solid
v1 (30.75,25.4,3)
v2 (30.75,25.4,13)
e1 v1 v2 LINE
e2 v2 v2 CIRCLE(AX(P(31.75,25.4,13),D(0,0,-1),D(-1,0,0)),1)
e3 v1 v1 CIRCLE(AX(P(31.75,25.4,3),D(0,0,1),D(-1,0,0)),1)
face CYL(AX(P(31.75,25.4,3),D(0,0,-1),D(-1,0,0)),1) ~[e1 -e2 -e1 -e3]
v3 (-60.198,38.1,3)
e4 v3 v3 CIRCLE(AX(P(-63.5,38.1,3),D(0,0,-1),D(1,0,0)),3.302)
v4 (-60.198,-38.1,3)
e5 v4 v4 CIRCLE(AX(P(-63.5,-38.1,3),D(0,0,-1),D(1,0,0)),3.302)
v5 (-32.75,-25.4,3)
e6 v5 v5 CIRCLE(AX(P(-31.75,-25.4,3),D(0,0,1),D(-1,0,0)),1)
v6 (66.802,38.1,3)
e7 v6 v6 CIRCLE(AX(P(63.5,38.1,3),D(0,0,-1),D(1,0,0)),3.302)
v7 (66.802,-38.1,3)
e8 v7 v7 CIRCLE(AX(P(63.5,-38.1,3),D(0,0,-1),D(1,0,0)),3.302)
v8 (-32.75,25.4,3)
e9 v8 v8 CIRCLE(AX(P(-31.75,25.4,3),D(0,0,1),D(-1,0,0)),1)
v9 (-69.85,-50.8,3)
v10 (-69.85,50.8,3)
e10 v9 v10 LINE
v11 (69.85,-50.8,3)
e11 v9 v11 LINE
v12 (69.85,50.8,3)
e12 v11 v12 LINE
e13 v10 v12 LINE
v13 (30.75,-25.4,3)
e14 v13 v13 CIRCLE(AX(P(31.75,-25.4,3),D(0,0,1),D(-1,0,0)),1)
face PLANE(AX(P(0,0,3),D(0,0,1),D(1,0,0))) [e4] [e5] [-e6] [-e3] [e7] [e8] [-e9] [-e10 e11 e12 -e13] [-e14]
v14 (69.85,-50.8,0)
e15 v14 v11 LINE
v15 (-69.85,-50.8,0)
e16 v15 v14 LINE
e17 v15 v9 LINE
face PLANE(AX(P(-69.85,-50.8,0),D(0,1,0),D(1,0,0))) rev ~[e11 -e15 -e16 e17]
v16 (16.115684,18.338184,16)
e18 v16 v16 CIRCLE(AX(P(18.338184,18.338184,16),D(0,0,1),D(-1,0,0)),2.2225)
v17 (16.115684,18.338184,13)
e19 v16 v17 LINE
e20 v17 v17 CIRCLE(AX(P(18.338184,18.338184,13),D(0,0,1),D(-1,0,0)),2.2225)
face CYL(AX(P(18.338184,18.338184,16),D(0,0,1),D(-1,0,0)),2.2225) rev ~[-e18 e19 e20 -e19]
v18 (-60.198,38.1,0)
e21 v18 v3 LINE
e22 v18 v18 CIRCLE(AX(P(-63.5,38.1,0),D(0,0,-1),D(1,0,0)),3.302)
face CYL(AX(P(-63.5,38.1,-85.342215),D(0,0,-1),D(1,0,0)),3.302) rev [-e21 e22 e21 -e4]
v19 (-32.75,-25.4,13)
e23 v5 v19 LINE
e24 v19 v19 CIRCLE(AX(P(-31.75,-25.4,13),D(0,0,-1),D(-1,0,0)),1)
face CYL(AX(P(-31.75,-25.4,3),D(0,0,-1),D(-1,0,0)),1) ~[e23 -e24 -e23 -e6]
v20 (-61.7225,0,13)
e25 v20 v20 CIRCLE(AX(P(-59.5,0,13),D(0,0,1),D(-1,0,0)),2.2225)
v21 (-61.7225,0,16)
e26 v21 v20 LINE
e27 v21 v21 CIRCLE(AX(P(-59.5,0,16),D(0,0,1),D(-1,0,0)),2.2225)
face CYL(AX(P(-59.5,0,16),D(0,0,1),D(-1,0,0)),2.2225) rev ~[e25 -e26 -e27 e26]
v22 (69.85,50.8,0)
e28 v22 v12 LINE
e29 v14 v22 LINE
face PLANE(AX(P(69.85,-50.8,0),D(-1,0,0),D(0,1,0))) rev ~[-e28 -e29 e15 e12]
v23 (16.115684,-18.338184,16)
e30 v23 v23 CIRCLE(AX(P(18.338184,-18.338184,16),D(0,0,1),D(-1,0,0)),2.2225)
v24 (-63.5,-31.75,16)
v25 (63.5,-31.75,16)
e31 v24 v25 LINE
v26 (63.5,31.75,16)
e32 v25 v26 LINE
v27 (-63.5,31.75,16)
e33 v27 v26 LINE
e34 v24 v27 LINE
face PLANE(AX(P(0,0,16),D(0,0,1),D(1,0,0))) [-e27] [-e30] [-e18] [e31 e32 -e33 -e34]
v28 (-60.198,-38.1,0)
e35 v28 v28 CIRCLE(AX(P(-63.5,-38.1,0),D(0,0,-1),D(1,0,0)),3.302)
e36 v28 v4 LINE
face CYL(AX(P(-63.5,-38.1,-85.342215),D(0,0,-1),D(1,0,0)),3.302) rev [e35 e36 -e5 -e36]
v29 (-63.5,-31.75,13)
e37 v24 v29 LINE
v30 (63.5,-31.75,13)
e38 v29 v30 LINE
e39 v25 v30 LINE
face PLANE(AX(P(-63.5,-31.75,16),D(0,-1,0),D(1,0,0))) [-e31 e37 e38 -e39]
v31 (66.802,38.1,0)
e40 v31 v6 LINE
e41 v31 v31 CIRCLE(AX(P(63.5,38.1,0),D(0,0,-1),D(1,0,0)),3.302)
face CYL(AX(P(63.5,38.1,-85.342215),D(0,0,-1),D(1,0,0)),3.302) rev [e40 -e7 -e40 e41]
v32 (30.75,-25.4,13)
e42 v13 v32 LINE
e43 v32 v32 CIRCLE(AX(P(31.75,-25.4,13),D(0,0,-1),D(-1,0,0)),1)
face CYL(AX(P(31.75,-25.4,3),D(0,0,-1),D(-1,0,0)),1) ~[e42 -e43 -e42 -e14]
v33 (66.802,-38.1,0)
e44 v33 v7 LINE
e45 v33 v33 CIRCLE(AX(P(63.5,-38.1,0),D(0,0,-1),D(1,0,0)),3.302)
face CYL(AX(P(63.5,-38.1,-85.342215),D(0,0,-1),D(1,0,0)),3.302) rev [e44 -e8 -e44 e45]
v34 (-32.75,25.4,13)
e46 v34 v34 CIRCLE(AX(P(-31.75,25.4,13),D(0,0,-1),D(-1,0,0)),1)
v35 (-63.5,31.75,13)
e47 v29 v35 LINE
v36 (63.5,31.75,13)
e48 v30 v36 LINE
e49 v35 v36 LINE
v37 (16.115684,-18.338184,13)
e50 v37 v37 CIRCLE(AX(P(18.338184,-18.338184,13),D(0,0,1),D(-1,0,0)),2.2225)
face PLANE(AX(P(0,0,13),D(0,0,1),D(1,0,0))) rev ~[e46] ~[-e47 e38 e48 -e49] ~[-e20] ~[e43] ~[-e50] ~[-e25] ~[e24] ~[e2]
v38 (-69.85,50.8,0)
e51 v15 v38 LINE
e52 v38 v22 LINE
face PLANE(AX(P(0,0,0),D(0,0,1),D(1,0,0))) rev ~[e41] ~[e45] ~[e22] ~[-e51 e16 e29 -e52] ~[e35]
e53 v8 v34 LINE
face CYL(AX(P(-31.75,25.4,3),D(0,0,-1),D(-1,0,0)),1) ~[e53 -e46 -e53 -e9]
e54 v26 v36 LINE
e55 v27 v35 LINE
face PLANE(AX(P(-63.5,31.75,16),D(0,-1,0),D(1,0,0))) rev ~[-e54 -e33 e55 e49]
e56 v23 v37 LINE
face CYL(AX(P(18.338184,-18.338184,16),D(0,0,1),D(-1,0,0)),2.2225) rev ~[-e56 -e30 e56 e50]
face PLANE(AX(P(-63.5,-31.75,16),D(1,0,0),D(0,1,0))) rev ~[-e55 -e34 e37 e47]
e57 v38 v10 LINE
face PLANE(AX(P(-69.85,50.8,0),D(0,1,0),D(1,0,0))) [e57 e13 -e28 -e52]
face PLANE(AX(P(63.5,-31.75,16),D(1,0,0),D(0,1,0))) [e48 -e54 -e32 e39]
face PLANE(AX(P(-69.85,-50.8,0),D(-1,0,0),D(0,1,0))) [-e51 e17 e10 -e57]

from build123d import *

# Parameters (mm, degrees)
SKETCH1_W                      = 139.7
SKETCH1_H                      = 101.6
BOSS_EXTRUDE1_DEPTH            = 3
SKETCH2_R                      = 1
BOSS_EXTRUDE2_DEPTH            = 13
SKETCH3_W                      = 127
SKETCH3_H                      = 63.5
BOSS_EXTRUDE3_DEPTH            = 3
CUT_EXTRUDE1_DEPTH             = 88.342214879
CUT_EXTRUDE1_DEPTH_BACK        = 88.342214879
SKETCH4_R                      = 3.302
CUT_EXTRUDE2_REACH             = 89.839
SKETCH5_R                      = 2.2225
CUT_EXTRUDE2_DIRECTION_2_DEPTH = 88.838843913


with BuildPart() as part:
    # Sketch1 → Boss-Extrude1 (new body)
    with BuildSketch(Plane.XY):
        Rectangle(SKETCH1_W, SKETCH1_H)
    extrude(amount=BOSS_EXTRUDE1_DEPTH)

    # Sketch2 → Boss-Extrude2 (add)
    with BuildSketch(Plane.XY.offset(3)):
        with Locations(Location((-31.75, 25.4, 0), (0, 0, 180))):
            Circle(SKETCH2_R)
        with Locations(Location((31.75, 25.4, 0), (0, 0, 180))):
            Circle(SKETCH2_R)
        with Locations(Location((31.75, -25.4, 0), (0, 0, 180))):
            Circle(SKETCH2_R)
        with Locations(Location((-31.75, -25.4, 0), (0, 0, 180))):
            Circle(SKETCH2_R)
    extrude(amount=BOSS_EXTRUDE2_DEPTH)

    # Sketch3 → Boss-Extrude3 (add)
    with BuildSketch(Plane.XY.offset(16)):
        Rectangle(SKETCH3_W, SKETCH3_H)
    extrude(amount=-BOSS_EXTRUDE3_DEPTH)

    # Sketch4 → Cut-Extrude1 (cut, two sides: drawn at the far end of the back side and taken through both)
    with BuildSketch(Plane.XY.offset(3).offset(-CUT_EXTRUDE1_DEPTH_BACK)):
        with Locations((-63.5, -38.1)):
            Circle(SKETCH4_R)
        with Locations((63.5, 38.1)):
            Circle(SKETCH4_R)
        with Locations((-63.5, 38.1)):
            Circle(SKETCH4_R)
        with Locations((63.5, -38.1)):
            Circle(SKETCH4_R)
    extrude(amount=CUT_EXTRUDE1_DEPTH + CUT_EXTRUDE1_DEPTH_BACK, mode=Mode.SUBTRACT)

    # Sketch5 → Cut-Extrude2 (cut, up to next)
    with BuildSketch(Plane.XY.offset(16), mode=Mode.PRIVATE) as cut_extrude2_sk1:
        with Locations(Location((-59.5, 0, 0), (0, 0, 180))):
            Circle(SKETCH5_R)
    cut_extrude2_tool1 = extrude(cut_extrude2_sk1.sketch, amount=-CUT_EXTRUDE2_REACH, mode=Mode.PRIVATE) & part.part
    # Sketch5 → Cut-Extrude2 (cut, up to next)
    with BuildSketch(Plane.XY.offset(16), mode=Mode.PRIVATE) as cut_extrude2_sk2:
        with Locations(Location((18.338183986, -18.338183986, 0), (0, 0, 180))):
            Circle(SKETCH5_R)
    cut_extrude2_tool2 = extrude(cut_extrude2_sk2.sketch, amount=-CUT_EXTRUDE2_REACH, mode=Mode.PRIVATE) & part.part
    # Sketch5 → Cut-Extrude2 (cut, up to next)
    with BuildSketch(Plane.XY.offset(16), mode=Mode.PRIVATE) as cut_extrude2_sk3:
        with Locations(Location((18.338183986, 18.338183986, 0), (0, 0, 180))):
            Circle(SKETCH5_R)
    cut_extrude2_tool3 = extrude(cut_extrude2_sk3.sketch, amount=-CUT_EXTRUDE2_REACH, mode=Mode.PRIVATE) & part.part
    add(cut_extrude2_tool1.solids().sort_by_distance((-59.5, 0, 16))[0], mode=Mode.SUBTRACT)
    add(cut_extrude2_tool2.solids().sort_by_distance((18.338184, -18.338184, 16))[0], mode=Mode.SUBTRACT)
    add(cut_extrude2_tool3.solids().sort_by_distance((18.338184, 18.338184, 16))[0], mode=Mode.SUBTRACT)

    # Sketch5 → Cut-Extrude2 direction 2 (cut)
    with BuildSketch(Plane.XY.offset(16)):
        with Locations(Location((-59.5, 0, 0), (0, 0, 180))):
            Circle(SKETCH5_R)
        with Locations(Location((18.338183986, -18.338183986, 0), (0, 0, 180))):
            Circle(SKETCH5_R)
        with Locations(Location((18.338183986, 18.338183986, 0), (0, 0, 180))):
            Circle(SKETCH5_R)
    extrude(amount=CUT_EXTRUDE2_DIRECTION_2_DEPTH, mode=Mode.SUBTRACT)


solid = part.part
